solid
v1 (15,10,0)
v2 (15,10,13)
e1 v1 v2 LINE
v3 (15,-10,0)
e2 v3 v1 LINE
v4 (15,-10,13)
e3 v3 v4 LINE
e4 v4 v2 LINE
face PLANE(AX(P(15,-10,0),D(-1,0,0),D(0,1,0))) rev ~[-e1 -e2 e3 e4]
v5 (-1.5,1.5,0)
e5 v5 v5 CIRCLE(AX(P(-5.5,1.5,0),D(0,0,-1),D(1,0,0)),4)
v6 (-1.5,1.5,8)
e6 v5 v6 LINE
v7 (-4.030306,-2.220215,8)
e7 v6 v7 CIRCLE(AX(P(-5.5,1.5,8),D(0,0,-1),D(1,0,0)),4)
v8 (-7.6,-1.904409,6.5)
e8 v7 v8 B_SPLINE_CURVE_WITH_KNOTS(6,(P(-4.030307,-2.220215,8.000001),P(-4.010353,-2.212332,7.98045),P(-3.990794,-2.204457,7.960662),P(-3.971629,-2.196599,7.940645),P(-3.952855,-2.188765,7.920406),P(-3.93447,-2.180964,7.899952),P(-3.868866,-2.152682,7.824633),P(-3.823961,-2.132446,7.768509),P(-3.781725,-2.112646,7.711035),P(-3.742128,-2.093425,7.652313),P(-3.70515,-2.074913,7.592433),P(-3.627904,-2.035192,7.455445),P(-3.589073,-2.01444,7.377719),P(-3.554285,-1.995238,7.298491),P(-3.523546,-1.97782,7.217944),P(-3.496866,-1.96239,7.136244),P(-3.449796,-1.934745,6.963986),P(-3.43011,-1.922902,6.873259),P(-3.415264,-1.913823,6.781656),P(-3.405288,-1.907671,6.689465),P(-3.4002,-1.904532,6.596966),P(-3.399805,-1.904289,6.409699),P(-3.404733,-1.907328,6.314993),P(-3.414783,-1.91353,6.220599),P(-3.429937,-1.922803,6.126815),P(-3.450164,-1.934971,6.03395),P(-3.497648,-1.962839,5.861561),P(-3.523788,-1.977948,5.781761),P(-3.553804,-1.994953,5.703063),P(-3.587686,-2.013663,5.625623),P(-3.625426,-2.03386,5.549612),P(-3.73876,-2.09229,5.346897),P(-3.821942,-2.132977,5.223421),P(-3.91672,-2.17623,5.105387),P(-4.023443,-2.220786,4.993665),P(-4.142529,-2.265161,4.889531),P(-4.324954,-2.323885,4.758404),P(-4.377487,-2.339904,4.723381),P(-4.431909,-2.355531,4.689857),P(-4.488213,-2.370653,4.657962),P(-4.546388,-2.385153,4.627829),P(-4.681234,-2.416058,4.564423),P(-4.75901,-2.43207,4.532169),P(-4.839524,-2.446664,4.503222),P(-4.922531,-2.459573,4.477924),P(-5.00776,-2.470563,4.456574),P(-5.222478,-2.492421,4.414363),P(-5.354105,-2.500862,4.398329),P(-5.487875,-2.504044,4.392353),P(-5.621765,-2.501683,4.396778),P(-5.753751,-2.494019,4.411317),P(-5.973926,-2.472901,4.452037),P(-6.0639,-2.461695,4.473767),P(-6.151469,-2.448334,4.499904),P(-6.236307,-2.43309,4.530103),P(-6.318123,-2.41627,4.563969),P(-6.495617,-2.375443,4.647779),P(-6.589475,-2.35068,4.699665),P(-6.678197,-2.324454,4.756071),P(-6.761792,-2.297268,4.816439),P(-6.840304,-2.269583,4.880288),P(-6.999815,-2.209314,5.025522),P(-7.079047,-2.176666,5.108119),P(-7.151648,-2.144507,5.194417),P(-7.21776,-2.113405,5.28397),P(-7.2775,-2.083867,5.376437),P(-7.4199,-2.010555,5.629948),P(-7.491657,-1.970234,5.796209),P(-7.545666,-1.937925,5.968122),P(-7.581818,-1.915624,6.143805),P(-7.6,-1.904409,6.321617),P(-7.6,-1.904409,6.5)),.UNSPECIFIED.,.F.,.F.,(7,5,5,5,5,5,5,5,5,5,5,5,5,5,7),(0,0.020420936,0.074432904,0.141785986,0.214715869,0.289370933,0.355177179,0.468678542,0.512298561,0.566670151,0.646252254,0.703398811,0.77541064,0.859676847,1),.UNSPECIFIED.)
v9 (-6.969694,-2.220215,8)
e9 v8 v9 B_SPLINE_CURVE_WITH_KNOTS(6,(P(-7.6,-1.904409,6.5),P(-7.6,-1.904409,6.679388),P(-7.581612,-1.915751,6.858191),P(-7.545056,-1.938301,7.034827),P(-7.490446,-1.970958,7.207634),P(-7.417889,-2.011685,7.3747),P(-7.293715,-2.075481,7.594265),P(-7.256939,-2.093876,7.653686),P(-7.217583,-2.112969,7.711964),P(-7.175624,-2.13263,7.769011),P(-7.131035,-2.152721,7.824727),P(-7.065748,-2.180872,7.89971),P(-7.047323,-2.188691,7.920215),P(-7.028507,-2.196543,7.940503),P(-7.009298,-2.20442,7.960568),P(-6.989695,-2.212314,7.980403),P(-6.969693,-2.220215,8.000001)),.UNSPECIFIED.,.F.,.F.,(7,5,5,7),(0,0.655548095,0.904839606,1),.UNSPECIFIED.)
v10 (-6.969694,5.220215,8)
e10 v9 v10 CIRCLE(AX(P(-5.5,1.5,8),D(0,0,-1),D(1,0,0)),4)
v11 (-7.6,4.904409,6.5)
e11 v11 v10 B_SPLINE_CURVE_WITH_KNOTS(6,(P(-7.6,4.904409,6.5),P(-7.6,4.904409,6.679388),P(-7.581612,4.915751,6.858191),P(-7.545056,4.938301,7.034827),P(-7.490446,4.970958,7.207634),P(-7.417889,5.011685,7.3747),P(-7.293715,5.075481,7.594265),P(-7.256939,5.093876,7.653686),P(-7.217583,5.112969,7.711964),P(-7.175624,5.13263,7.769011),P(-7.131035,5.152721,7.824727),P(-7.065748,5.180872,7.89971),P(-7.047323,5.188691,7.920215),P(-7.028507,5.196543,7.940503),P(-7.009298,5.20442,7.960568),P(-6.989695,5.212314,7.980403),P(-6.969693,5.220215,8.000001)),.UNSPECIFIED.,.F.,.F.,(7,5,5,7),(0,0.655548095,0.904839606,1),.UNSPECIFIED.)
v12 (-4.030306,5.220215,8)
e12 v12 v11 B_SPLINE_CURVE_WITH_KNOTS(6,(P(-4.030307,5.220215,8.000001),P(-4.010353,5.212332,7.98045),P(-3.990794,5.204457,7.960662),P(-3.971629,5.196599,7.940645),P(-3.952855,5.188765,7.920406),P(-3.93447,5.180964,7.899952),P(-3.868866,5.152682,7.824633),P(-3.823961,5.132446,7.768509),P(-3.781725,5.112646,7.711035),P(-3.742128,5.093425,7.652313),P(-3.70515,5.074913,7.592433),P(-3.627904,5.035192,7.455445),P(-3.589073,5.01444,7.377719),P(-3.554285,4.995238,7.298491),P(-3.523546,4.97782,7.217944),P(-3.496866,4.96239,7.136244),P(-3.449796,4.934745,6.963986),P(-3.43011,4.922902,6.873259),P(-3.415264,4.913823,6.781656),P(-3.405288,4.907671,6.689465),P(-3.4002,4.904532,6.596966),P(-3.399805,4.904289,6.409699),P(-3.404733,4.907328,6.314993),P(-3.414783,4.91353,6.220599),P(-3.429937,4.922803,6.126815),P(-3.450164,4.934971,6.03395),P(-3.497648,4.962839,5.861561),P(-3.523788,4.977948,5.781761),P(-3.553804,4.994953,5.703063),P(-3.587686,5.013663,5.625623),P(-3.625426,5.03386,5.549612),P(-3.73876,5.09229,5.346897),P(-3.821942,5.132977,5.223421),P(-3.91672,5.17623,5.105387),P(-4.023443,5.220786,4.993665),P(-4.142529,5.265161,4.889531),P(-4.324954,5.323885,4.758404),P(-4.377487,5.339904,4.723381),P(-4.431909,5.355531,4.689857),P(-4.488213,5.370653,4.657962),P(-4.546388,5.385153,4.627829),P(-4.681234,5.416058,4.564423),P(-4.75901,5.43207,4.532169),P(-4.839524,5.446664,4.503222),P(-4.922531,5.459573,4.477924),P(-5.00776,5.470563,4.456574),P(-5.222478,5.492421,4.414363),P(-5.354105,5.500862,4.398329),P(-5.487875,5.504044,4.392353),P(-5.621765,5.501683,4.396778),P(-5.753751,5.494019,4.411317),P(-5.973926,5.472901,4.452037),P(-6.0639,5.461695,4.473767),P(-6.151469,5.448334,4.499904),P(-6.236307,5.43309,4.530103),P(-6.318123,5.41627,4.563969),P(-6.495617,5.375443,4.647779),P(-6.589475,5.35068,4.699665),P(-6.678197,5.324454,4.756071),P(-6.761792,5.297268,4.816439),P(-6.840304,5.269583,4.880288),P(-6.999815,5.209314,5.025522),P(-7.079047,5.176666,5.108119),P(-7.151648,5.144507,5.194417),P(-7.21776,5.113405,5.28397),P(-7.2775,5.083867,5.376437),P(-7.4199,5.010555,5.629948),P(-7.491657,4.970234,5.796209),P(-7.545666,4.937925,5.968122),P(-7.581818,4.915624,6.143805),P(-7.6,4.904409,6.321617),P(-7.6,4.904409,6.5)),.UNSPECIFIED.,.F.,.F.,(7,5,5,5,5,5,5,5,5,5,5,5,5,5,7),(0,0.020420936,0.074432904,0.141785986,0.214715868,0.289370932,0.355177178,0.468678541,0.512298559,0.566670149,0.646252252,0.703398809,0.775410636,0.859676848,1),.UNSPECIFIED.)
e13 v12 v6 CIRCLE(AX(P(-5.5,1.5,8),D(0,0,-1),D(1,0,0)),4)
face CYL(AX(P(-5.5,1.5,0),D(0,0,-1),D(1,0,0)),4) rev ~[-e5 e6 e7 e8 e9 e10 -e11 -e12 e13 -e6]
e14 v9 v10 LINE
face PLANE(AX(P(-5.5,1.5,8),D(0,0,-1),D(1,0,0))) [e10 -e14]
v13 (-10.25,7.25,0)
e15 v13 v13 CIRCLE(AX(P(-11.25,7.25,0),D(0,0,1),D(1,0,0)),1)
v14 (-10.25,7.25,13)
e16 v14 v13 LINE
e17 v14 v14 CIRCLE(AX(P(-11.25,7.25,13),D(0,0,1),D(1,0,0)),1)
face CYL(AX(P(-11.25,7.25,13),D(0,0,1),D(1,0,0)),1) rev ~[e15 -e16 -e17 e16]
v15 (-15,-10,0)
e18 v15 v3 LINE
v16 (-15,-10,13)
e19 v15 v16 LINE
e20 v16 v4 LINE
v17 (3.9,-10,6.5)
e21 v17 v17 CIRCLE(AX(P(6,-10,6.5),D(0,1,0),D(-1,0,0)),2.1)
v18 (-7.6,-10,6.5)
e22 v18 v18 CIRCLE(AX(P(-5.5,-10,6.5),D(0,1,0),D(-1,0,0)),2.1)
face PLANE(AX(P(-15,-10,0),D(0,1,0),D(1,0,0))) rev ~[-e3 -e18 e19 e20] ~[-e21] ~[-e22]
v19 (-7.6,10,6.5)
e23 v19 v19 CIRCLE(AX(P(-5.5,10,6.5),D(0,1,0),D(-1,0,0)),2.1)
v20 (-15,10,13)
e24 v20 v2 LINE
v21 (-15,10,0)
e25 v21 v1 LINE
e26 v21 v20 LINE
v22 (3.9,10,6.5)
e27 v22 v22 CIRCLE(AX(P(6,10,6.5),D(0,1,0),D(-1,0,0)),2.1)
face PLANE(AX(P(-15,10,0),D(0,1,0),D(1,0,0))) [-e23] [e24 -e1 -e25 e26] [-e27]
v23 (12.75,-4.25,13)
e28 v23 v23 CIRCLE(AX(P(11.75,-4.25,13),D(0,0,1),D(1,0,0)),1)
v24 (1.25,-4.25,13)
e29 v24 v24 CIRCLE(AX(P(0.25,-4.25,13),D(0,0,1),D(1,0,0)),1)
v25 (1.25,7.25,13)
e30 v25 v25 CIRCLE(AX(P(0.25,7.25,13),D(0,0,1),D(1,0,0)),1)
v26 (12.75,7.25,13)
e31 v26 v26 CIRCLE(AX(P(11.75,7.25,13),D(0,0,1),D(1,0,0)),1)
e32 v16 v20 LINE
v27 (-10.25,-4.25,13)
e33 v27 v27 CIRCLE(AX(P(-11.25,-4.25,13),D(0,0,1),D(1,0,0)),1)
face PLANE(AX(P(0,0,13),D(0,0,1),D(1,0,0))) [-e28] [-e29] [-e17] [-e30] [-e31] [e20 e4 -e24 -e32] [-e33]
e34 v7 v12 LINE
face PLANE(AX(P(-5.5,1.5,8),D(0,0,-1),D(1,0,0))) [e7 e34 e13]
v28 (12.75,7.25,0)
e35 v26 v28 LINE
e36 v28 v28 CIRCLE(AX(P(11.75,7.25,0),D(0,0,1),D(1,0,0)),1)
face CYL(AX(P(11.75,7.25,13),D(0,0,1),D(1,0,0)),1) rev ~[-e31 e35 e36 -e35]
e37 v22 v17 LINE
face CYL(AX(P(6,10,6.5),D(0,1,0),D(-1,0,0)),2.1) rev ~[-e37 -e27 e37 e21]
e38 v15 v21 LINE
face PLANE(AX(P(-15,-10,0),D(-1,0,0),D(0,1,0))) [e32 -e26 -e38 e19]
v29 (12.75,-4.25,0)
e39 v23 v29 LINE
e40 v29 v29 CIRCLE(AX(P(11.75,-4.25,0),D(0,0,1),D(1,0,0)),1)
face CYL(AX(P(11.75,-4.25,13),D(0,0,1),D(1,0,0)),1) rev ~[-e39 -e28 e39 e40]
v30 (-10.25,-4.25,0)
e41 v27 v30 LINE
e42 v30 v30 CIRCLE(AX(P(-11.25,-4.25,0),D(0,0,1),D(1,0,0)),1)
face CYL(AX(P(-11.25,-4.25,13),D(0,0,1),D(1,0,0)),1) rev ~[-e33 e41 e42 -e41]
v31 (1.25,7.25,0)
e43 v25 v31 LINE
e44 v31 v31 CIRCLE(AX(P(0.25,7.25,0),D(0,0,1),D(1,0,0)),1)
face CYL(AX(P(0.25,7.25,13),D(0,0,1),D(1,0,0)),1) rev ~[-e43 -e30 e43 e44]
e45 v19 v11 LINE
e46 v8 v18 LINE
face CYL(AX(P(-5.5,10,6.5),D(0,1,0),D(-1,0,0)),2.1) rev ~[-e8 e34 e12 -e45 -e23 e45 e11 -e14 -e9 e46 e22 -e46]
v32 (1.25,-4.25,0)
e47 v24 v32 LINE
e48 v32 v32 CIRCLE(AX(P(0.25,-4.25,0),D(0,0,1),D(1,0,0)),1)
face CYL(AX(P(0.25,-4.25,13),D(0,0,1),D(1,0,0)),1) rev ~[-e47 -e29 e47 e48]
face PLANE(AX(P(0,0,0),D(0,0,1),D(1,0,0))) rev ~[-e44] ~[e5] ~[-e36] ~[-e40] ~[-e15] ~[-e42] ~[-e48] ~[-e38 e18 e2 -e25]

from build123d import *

# Parameters (mm, degrees)
SKETCH_W        = 30
SKETCH_H        = 20
PAD_DEPTH       = 13
SKETCH001_R     = 1
POCKET_DEPTH    = 13.001
SKETCH002_R     = 4
POCKET001_DEPTH = 8
SKETCH003_R     = 2.1
POCKET002_DEPTH = 20.001


with BuildPart() as part:
    # Sketch → Pad (new body)
    with BuildSketch(Plane.XY):
        Rectangle(SKETCH_W, SKETCH_H)
    extrude(amount=PAD_DEPTH)

    # Sketch001 (on Face6 of Pad) → Pocket (cut, through all)
    with BuildSketch(Plane.XY.offset(13)):
        with Locations((-11.25, 7.25)):
            Circle(SKETCH001_R)
        with Locations((0.25, 7.25)):
            Circle(SKETCH001_R)
        with Locations((-11.25, -4.25)):
            Circle(SKETCH001_R)
        with Locations((0.25, -4.25)):
            Circle(SKETCH001_R)
        with Locations((11.75, 7.25)):
            Circle(SKETCH001_R)
        with Locations((11.75, -4.25)):
            Circle(SKETCH001_R)
    extrude(amount=-POCKET_DEPTH, mode=Mode.SUBTRACT)

    # Sketch002 (on Face4 of Pocket) → Pocket001 (cut)
    with BuildSketch(Plane(origin=(0, 0, 0), x_dir=(1, 0, 0), z_dir=(0, 0, -1))):
        with Locations((-5.5, -1.5)):
            Circle(SKETCH002_R)
    extrude(amount=-POCKET001_DEPTH, mode=Mode.SUBTRACT)

    # Sketch003 (on Face1 of Pocket001) → Pocket002 (cut, through all)
    with BuildSketch(Plane(origin=(0, 10, 0), x_dir=(-1, 0, 0), z_dir=(0, 1, 0))):
        with Locations((5.5, 6.5)):
            Circle(SKETCH003_R)
        with Locations((-6, 6.5)):
            Circle(SKETCH003_R)
    extrude(amount=-POCKET002_DEPTH, mode=Mode.SUBTRACT)


solid = part.part
